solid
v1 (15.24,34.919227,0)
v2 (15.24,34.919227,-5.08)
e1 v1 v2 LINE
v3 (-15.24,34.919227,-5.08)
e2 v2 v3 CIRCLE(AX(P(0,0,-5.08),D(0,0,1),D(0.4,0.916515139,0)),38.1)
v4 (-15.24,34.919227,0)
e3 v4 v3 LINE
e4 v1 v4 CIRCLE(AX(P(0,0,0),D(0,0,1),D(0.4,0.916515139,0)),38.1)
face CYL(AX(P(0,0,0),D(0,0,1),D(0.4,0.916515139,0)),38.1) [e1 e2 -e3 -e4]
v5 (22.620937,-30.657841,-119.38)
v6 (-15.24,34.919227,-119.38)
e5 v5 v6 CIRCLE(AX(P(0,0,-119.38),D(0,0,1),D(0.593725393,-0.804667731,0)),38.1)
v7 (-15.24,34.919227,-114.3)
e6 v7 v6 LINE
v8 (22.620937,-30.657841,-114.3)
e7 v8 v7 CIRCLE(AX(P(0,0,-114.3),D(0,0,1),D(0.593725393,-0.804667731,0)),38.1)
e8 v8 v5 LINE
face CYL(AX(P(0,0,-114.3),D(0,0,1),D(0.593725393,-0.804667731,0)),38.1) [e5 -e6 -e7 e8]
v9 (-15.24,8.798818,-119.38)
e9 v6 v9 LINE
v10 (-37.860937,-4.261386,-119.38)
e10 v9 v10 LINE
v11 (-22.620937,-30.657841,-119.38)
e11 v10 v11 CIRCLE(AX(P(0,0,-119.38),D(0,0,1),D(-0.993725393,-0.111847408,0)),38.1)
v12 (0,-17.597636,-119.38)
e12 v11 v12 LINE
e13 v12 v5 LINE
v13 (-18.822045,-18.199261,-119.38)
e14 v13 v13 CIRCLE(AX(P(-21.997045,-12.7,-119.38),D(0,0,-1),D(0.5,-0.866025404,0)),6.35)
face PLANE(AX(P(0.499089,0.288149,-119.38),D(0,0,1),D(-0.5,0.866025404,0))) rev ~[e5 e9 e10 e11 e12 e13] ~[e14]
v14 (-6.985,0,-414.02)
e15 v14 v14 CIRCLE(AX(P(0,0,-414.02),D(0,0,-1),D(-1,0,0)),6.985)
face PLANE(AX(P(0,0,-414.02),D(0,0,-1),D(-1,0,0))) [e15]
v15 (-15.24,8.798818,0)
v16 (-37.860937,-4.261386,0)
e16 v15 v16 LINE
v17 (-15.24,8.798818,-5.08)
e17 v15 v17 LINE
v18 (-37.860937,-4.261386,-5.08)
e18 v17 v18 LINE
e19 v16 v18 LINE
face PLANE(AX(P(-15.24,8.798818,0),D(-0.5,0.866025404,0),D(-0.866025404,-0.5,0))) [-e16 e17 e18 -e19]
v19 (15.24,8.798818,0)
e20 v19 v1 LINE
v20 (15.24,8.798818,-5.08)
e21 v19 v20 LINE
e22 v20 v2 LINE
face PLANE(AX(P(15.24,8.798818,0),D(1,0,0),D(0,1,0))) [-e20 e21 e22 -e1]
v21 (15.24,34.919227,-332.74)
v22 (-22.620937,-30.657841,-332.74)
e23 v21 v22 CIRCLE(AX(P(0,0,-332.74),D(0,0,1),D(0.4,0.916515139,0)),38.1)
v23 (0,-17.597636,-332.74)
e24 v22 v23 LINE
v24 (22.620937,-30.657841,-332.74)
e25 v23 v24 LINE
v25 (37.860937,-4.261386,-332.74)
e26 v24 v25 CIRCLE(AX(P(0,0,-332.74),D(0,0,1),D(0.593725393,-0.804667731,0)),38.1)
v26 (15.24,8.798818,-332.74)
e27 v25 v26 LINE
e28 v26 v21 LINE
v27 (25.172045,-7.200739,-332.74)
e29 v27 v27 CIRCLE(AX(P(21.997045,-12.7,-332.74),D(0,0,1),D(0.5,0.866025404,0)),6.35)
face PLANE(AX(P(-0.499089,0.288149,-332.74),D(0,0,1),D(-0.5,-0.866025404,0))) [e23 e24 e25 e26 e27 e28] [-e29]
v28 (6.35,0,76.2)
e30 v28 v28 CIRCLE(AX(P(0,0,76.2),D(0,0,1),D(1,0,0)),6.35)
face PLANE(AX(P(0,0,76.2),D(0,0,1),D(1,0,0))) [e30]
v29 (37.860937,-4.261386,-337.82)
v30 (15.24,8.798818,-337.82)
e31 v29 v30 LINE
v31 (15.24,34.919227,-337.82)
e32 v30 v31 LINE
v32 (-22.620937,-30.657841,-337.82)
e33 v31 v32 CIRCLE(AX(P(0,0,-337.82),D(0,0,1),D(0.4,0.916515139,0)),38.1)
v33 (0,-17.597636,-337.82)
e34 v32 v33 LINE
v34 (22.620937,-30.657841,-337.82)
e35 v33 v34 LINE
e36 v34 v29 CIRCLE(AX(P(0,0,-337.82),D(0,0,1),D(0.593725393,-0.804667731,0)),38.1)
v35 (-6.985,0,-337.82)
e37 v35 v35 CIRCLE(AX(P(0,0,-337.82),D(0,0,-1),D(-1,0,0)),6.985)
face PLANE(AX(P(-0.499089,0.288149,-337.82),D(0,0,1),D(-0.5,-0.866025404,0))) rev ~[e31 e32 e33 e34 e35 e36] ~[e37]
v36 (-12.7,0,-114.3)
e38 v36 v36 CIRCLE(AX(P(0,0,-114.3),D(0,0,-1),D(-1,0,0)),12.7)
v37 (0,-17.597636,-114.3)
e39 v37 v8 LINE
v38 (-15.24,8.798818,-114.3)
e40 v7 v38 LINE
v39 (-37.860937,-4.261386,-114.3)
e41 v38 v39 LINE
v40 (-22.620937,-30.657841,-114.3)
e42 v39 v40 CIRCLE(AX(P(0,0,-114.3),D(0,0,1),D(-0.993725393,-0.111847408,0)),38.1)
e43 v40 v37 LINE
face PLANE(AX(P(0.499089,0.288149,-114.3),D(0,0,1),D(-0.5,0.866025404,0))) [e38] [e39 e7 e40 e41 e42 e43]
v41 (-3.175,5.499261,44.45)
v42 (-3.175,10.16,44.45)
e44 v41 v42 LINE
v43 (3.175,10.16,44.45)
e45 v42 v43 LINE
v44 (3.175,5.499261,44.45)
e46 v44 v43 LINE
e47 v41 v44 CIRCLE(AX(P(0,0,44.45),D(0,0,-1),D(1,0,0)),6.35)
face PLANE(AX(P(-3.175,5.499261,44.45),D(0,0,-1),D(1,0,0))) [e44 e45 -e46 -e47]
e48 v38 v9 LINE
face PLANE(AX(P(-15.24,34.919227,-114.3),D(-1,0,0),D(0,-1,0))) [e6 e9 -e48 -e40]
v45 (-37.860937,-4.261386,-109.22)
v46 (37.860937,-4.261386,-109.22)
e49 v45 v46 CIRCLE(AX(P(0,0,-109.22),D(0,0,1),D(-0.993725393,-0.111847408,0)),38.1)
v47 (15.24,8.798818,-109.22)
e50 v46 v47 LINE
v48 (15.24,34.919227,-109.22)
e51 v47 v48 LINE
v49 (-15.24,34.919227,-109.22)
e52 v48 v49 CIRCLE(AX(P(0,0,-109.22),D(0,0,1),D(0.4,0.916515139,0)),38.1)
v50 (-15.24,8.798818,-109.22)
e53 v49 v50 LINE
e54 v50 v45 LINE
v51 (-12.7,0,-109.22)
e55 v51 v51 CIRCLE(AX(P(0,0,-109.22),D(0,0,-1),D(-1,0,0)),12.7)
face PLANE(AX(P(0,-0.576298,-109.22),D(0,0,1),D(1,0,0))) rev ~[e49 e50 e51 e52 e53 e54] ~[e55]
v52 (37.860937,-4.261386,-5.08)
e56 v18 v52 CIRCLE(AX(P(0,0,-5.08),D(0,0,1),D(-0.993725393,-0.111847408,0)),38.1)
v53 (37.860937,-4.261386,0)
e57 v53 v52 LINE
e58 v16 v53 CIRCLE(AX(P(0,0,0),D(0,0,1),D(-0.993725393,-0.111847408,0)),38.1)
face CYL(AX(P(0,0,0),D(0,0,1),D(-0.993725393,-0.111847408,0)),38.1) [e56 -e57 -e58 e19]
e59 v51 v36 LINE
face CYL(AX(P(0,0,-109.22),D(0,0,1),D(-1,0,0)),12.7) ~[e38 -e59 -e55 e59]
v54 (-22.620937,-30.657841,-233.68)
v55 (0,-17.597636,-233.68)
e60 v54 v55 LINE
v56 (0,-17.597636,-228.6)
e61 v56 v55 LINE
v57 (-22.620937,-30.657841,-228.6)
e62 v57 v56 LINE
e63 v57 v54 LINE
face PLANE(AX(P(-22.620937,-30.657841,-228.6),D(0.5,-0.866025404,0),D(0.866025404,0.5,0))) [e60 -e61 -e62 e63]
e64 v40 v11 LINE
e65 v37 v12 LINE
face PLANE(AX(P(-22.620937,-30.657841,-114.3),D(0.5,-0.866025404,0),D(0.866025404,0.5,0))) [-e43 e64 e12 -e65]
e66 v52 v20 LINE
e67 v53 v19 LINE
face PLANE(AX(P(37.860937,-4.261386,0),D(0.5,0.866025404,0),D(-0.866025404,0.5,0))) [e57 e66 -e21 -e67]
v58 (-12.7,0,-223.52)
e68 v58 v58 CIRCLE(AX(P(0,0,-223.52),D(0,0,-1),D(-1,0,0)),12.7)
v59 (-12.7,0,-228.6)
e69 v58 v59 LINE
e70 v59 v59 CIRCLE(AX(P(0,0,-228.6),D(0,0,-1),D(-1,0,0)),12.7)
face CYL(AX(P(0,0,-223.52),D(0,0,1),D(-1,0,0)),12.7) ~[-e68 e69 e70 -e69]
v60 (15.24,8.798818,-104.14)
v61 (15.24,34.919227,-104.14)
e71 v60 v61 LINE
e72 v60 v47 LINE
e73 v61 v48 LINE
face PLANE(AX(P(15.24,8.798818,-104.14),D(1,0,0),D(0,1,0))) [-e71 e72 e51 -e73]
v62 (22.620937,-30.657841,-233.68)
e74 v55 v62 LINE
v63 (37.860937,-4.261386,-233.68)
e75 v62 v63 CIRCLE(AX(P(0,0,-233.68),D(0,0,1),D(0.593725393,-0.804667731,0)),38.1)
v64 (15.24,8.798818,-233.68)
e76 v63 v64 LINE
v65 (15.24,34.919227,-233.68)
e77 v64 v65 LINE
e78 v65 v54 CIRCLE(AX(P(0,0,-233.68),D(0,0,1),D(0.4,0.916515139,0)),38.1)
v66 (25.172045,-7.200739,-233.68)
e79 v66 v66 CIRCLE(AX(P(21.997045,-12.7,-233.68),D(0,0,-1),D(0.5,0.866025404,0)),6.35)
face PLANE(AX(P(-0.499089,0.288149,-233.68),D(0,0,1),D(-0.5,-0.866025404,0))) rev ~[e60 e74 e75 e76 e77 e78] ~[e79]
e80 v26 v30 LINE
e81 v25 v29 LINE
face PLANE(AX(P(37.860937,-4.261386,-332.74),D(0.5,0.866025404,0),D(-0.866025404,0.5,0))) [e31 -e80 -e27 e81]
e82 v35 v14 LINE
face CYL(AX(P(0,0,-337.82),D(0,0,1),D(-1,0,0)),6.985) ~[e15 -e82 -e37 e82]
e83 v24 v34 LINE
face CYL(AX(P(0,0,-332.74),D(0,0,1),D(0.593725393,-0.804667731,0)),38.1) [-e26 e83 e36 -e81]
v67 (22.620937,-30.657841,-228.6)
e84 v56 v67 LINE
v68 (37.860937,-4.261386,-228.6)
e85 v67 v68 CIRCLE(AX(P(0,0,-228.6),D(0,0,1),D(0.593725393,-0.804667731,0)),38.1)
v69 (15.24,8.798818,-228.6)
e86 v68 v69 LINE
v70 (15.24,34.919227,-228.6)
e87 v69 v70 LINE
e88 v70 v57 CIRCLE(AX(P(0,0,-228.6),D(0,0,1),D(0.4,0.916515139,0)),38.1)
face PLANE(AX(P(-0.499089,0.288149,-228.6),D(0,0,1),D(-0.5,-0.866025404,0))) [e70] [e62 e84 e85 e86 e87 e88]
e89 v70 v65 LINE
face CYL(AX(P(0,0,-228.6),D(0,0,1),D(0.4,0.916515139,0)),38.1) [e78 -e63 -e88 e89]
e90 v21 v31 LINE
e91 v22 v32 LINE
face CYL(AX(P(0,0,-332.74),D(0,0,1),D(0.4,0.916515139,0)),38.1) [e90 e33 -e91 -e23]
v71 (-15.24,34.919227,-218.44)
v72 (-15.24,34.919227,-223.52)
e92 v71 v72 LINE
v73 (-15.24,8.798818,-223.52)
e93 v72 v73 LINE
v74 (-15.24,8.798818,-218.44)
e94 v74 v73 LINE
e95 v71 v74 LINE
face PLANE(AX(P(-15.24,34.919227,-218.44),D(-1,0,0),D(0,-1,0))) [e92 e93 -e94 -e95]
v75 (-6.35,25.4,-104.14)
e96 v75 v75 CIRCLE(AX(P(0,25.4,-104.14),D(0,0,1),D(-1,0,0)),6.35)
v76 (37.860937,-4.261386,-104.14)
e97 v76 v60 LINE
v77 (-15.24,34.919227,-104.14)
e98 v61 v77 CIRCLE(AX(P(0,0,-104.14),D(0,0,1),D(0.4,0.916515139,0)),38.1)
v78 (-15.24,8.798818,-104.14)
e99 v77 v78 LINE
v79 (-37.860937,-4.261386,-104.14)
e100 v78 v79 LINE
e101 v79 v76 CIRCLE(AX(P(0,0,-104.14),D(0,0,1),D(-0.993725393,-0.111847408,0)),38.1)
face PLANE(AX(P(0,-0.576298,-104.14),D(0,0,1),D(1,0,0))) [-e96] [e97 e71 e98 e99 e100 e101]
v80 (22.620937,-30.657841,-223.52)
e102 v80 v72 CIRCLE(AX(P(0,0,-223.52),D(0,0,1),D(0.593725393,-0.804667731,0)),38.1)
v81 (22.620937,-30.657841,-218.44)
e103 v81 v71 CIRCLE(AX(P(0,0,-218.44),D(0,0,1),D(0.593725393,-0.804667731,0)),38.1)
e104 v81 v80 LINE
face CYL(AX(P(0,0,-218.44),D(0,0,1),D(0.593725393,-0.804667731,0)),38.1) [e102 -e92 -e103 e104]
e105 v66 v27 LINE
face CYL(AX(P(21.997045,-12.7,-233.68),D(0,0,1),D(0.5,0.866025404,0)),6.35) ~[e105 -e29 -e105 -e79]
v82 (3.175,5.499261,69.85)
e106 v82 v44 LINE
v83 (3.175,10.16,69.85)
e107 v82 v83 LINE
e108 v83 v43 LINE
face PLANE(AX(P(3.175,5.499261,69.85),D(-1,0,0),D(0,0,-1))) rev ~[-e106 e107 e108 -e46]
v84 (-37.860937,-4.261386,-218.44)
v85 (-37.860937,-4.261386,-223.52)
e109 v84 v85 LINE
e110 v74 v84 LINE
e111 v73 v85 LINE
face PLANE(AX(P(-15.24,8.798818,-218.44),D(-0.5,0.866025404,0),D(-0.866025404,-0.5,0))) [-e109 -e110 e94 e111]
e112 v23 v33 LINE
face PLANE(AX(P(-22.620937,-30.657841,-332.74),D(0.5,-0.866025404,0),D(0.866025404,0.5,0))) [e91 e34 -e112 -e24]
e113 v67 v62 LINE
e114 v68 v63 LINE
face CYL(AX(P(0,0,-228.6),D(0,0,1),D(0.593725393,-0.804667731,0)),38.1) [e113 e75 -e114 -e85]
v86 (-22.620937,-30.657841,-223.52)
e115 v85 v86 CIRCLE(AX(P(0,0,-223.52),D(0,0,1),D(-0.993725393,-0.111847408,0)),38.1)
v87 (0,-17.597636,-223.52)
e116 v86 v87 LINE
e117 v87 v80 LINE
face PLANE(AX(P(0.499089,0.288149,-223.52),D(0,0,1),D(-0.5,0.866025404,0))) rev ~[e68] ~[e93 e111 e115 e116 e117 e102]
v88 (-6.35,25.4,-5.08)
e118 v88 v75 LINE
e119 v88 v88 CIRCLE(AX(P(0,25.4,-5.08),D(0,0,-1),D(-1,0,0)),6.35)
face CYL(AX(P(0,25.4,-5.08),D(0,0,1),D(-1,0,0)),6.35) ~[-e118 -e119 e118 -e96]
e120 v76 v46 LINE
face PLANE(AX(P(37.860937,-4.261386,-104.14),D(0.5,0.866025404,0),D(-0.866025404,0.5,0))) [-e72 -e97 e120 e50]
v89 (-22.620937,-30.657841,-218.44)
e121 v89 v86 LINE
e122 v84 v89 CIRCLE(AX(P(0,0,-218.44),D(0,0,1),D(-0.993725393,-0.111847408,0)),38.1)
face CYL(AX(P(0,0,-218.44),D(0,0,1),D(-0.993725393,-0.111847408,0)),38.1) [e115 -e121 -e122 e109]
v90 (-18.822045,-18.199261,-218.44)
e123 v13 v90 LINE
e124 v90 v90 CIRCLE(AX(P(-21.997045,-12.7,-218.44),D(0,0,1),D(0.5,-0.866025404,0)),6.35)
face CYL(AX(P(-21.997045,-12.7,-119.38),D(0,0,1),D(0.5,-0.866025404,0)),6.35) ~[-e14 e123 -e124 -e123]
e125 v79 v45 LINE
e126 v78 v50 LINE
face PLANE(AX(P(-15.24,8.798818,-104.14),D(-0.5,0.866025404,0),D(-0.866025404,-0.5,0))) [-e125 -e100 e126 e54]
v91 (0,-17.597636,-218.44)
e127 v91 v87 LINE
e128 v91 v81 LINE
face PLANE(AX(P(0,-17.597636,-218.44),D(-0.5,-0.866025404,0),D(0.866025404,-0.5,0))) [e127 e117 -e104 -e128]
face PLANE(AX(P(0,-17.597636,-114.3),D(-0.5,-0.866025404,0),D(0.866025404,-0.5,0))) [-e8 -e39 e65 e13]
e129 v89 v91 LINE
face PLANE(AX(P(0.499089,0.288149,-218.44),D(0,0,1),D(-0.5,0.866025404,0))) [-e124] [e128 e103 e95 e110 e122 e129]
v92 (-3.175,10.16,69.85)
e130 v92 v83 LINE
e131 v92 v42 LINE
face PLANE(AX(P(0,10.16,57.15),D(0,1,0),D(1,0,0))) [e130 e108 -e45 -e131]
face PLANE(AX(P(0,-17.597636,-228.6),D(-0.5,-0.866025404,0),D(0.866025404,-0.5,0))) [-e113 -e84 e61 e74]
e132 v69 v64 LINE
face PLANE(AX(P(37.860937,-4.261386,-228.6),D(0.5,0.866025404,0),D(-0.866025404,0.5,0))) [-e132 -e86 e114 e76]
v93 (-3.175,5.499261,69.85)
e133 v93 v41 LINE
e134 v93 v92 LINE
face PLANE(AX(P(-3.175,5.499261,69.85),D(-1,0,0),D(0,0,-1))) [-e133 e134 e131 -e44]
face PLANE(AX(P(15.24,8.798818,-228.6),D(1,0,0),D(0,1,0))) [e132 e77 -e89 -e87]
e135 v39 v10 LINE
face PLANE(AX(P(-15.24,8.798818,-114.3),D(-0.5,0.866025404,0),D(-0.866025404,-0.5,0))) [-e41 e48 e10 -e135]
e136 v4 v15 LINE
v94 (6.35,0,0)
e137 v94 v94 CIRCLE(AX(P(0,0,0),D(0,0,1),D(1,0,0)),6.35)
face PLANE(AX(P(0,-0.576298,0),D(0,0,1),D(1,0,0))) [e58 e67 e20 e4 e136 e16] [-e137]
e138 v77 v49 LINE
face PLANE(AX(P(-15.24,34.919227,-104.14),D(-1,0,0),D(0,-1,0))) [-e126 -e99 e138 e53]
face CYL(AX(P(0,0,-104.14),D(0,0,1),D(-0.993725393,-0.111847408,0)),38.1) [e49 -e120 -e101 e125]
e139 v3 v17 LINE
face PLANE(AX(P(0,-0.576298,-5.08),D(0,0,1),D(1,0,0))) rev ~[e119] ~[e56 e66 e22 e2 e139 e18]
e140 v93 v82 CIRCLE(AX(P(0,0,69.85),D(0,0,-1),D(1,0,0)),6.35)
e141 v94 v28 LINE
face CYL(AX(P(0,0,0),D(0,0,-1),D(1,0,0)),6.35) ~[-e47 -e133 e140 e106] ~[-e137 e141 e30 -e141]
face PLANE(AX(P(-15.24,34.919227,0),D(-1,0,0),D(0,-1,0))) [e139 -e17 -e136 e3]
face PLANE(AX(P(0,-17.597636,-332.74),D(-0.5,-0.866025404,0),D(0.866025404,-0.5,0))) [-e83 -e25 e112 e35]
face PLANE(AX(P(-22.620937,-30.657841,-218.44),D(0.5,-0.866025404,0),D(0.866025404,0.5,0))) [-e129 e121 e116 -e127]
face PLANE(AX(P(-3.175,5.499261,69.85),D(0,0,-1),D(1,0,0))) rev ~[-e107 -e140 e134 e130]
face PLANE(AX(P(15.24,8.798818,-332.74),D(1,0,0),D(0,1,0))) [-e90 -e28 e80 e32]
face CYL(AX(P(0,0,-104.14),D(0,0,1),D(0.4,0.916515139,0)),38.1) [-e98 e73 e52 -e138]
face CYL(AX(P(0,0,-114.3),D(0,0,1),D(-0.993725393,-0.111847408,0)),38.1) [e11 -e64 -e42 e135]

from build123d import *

# Parameters (mm, degrees)
BOSS_EXTRUDE1_DEPTH   = 5.08
LPATTERN1_COUNT       = 2
LPATTERN1_PITCH       = 104.14
SKETCH2_R             = 6.35
BOSS_EXTRUDE2_DEPTH   = 104.14
LPATTERN2_COUNT       = 3
LPATTERN2_PITCH       = 114.3
BODY_MOVE_COPY1_ANGLE = 120
BODY_MOVE_COPY2_ANGLE = 120
SKETCH3_R             = 12.7
BOSS_EXTRUDE3_DEPTH   = 5.08
BOSS_EXTRUDE4_START   = 114.3
SKETCH3_2_R           = 12.7
BOSS_EXTRUDE4_DEPTH   = 5.08
SKETCH4_R             = 6.985
BOSS_EXTRUDE5_DEPTH   = 76.2
SKETCH5_R             = 6.35
BOSS_EXTRUDE6_DEPTH   = 76.2
BOSS_EXTRUDE7_START   = 5.499261
SKETCH6_W             = 6.35
SKETCH6_H             = 25.4
BOSS_EXTRUDE7_DEPTH   = 4.660739


with BuildPart() as part:
    # Sketch1 → Boss-Extrude1 (new body)
    with BuildSketch(Plane.XY):
        with BuildLine():
            Line((15.24, 8.798818102), (15.24, 34.919226796))
            ThreePointArc((15.24, 34.919226796), (0, 38.1), (-15.24, 34.919226796))
            Line((-15.24, 34.919226796), (-15.24, 8.798818102))
            Line((-15.24, 8.798818102), (-37.860937485, -4.261386244))
            ThreePointArc((-37.860937485, -4.261386244), (0, -38.1), (37.860937485, -4.261386244))
            Line((37.860937485, -4.261386244), (15.24, 8.798818102))
        make_face()
    extrude(amount=-BOSS_EXTRUDE1_DEPTH)


with BuildPart() as lpattern1_1:
    # LPattern1: pattern copy
    add(part.part.moved(Location(Vector(0, 0, -1) * (1 * LPATTERN1_PITCH))))


with BuildPart() as part_1:
    add(part.part)

    add(lpattern1_1.part)  # Boss-Extrude2 merges LPattern1_1
    # Sketch2 → Boss-Extrude2 (add)
    with BuildSketch(Plane(origin=(0, 0, -5.08), x_dir=(-1, 0, 0), z_dir=(0, 0, -1))):
        with Locations((0, 25.4)):
            Circle(SKETCH2_R)
    extrude(amount=BOSS_EXTRUDE2_DEPTH)


with BuildPart() as lpattern2_1:
    # LPattern2: pattern copy
    add(part_1.part.moved(Location(Vector(0, 0, -1) * (1 * LPATTERN2_PITCH))))


with BuildPart() as lpattern2_2:
    # LPattern2: pattern copy
    add(part_1.part.moved(Location(Vector(0, 0, -1) * (2 * LPATTERN2_PITCH))))


with BuildPart() as lpattern2_1_1:
    # Body-Move/Copy1: moved
    add(lpattern2_1.part.rotate(Axis((0, 0, 0), (0, 0, 1)), BODY_MOVE_COPY1_ANGLE))


with BuildPart() as lpattern2_2_1:
    # Body-Move/Copy2: moved
    add(lpattern2_2.part.rotate(Axis((0, 0, 0), (0, 0, -1)), BODY_MOVE_COPY2_ANGLE))


with BuildPart() as part_2:
    add(part_1.part)

    add(lpattern2_1_1.part)  # Boss-Extrude3 merges LPattern2_1
    # Sketch3 → Boss-Extrude3 (add)
    with BuildSketch(Plane(origin=(0, 0, -109.22), x_dir=(-1, 0, 0), z_dir=(0, 0, -1))):
        Circle(SKETCH3_R)
    extrude(amount=BOSS_EXTRUDE3_DEPTH)

    add(lpattern2_2_1.part)  # Boss-Extrude4 merges LPattern2_2
    # Sketch3<2> → Boss-Extrude4 (add)
    with BuildSketch(Plane(origin=(0, 0, -109.22), x_dir=(-1, 0, 0), z_dir=(0, 0, -1)).offset(BOSS_EXTRUDE4_START)):
        Circle(SKETCH3_2_R)
    extrude(amount=BOSS_EXTRUDE4_DEPTH)

    # Sketch4 → Boss-Extrude5 (add)
    with BuildSketch(Plane(origin=(0, 0, -337.82), x_dir=(-1, 0, 0), z_dir=(0, 0, -1))):
        Circle(SKETCH4_R)
    extrude(amount=BOSS_EXTRUDE5_DEPTH)

    # Sketch5 → Boss-Extrude6 (add)
    with BuildSketch(Plane.XY):
        Circle(SKETCH5_R)
    extrude(amount=BOSS_EXTRUDE6_DEPTH)

    # Sketch6 → Boss-Extrude7 (add)
    with BuildSketch(Plane(origin=(0, 0, 0), x_dir=(1, 0, 0), z_dir=(0, 1, 0)).offset(BOSS_EXTRUDE7_START)):
        with Locations((0, -57.15)):
            Rectangle(SKETCH6_W, SKETCH6_H)
    extrude(amount=BOSS_EXTRUDE7_DEPTH)


solid = part_2.part
